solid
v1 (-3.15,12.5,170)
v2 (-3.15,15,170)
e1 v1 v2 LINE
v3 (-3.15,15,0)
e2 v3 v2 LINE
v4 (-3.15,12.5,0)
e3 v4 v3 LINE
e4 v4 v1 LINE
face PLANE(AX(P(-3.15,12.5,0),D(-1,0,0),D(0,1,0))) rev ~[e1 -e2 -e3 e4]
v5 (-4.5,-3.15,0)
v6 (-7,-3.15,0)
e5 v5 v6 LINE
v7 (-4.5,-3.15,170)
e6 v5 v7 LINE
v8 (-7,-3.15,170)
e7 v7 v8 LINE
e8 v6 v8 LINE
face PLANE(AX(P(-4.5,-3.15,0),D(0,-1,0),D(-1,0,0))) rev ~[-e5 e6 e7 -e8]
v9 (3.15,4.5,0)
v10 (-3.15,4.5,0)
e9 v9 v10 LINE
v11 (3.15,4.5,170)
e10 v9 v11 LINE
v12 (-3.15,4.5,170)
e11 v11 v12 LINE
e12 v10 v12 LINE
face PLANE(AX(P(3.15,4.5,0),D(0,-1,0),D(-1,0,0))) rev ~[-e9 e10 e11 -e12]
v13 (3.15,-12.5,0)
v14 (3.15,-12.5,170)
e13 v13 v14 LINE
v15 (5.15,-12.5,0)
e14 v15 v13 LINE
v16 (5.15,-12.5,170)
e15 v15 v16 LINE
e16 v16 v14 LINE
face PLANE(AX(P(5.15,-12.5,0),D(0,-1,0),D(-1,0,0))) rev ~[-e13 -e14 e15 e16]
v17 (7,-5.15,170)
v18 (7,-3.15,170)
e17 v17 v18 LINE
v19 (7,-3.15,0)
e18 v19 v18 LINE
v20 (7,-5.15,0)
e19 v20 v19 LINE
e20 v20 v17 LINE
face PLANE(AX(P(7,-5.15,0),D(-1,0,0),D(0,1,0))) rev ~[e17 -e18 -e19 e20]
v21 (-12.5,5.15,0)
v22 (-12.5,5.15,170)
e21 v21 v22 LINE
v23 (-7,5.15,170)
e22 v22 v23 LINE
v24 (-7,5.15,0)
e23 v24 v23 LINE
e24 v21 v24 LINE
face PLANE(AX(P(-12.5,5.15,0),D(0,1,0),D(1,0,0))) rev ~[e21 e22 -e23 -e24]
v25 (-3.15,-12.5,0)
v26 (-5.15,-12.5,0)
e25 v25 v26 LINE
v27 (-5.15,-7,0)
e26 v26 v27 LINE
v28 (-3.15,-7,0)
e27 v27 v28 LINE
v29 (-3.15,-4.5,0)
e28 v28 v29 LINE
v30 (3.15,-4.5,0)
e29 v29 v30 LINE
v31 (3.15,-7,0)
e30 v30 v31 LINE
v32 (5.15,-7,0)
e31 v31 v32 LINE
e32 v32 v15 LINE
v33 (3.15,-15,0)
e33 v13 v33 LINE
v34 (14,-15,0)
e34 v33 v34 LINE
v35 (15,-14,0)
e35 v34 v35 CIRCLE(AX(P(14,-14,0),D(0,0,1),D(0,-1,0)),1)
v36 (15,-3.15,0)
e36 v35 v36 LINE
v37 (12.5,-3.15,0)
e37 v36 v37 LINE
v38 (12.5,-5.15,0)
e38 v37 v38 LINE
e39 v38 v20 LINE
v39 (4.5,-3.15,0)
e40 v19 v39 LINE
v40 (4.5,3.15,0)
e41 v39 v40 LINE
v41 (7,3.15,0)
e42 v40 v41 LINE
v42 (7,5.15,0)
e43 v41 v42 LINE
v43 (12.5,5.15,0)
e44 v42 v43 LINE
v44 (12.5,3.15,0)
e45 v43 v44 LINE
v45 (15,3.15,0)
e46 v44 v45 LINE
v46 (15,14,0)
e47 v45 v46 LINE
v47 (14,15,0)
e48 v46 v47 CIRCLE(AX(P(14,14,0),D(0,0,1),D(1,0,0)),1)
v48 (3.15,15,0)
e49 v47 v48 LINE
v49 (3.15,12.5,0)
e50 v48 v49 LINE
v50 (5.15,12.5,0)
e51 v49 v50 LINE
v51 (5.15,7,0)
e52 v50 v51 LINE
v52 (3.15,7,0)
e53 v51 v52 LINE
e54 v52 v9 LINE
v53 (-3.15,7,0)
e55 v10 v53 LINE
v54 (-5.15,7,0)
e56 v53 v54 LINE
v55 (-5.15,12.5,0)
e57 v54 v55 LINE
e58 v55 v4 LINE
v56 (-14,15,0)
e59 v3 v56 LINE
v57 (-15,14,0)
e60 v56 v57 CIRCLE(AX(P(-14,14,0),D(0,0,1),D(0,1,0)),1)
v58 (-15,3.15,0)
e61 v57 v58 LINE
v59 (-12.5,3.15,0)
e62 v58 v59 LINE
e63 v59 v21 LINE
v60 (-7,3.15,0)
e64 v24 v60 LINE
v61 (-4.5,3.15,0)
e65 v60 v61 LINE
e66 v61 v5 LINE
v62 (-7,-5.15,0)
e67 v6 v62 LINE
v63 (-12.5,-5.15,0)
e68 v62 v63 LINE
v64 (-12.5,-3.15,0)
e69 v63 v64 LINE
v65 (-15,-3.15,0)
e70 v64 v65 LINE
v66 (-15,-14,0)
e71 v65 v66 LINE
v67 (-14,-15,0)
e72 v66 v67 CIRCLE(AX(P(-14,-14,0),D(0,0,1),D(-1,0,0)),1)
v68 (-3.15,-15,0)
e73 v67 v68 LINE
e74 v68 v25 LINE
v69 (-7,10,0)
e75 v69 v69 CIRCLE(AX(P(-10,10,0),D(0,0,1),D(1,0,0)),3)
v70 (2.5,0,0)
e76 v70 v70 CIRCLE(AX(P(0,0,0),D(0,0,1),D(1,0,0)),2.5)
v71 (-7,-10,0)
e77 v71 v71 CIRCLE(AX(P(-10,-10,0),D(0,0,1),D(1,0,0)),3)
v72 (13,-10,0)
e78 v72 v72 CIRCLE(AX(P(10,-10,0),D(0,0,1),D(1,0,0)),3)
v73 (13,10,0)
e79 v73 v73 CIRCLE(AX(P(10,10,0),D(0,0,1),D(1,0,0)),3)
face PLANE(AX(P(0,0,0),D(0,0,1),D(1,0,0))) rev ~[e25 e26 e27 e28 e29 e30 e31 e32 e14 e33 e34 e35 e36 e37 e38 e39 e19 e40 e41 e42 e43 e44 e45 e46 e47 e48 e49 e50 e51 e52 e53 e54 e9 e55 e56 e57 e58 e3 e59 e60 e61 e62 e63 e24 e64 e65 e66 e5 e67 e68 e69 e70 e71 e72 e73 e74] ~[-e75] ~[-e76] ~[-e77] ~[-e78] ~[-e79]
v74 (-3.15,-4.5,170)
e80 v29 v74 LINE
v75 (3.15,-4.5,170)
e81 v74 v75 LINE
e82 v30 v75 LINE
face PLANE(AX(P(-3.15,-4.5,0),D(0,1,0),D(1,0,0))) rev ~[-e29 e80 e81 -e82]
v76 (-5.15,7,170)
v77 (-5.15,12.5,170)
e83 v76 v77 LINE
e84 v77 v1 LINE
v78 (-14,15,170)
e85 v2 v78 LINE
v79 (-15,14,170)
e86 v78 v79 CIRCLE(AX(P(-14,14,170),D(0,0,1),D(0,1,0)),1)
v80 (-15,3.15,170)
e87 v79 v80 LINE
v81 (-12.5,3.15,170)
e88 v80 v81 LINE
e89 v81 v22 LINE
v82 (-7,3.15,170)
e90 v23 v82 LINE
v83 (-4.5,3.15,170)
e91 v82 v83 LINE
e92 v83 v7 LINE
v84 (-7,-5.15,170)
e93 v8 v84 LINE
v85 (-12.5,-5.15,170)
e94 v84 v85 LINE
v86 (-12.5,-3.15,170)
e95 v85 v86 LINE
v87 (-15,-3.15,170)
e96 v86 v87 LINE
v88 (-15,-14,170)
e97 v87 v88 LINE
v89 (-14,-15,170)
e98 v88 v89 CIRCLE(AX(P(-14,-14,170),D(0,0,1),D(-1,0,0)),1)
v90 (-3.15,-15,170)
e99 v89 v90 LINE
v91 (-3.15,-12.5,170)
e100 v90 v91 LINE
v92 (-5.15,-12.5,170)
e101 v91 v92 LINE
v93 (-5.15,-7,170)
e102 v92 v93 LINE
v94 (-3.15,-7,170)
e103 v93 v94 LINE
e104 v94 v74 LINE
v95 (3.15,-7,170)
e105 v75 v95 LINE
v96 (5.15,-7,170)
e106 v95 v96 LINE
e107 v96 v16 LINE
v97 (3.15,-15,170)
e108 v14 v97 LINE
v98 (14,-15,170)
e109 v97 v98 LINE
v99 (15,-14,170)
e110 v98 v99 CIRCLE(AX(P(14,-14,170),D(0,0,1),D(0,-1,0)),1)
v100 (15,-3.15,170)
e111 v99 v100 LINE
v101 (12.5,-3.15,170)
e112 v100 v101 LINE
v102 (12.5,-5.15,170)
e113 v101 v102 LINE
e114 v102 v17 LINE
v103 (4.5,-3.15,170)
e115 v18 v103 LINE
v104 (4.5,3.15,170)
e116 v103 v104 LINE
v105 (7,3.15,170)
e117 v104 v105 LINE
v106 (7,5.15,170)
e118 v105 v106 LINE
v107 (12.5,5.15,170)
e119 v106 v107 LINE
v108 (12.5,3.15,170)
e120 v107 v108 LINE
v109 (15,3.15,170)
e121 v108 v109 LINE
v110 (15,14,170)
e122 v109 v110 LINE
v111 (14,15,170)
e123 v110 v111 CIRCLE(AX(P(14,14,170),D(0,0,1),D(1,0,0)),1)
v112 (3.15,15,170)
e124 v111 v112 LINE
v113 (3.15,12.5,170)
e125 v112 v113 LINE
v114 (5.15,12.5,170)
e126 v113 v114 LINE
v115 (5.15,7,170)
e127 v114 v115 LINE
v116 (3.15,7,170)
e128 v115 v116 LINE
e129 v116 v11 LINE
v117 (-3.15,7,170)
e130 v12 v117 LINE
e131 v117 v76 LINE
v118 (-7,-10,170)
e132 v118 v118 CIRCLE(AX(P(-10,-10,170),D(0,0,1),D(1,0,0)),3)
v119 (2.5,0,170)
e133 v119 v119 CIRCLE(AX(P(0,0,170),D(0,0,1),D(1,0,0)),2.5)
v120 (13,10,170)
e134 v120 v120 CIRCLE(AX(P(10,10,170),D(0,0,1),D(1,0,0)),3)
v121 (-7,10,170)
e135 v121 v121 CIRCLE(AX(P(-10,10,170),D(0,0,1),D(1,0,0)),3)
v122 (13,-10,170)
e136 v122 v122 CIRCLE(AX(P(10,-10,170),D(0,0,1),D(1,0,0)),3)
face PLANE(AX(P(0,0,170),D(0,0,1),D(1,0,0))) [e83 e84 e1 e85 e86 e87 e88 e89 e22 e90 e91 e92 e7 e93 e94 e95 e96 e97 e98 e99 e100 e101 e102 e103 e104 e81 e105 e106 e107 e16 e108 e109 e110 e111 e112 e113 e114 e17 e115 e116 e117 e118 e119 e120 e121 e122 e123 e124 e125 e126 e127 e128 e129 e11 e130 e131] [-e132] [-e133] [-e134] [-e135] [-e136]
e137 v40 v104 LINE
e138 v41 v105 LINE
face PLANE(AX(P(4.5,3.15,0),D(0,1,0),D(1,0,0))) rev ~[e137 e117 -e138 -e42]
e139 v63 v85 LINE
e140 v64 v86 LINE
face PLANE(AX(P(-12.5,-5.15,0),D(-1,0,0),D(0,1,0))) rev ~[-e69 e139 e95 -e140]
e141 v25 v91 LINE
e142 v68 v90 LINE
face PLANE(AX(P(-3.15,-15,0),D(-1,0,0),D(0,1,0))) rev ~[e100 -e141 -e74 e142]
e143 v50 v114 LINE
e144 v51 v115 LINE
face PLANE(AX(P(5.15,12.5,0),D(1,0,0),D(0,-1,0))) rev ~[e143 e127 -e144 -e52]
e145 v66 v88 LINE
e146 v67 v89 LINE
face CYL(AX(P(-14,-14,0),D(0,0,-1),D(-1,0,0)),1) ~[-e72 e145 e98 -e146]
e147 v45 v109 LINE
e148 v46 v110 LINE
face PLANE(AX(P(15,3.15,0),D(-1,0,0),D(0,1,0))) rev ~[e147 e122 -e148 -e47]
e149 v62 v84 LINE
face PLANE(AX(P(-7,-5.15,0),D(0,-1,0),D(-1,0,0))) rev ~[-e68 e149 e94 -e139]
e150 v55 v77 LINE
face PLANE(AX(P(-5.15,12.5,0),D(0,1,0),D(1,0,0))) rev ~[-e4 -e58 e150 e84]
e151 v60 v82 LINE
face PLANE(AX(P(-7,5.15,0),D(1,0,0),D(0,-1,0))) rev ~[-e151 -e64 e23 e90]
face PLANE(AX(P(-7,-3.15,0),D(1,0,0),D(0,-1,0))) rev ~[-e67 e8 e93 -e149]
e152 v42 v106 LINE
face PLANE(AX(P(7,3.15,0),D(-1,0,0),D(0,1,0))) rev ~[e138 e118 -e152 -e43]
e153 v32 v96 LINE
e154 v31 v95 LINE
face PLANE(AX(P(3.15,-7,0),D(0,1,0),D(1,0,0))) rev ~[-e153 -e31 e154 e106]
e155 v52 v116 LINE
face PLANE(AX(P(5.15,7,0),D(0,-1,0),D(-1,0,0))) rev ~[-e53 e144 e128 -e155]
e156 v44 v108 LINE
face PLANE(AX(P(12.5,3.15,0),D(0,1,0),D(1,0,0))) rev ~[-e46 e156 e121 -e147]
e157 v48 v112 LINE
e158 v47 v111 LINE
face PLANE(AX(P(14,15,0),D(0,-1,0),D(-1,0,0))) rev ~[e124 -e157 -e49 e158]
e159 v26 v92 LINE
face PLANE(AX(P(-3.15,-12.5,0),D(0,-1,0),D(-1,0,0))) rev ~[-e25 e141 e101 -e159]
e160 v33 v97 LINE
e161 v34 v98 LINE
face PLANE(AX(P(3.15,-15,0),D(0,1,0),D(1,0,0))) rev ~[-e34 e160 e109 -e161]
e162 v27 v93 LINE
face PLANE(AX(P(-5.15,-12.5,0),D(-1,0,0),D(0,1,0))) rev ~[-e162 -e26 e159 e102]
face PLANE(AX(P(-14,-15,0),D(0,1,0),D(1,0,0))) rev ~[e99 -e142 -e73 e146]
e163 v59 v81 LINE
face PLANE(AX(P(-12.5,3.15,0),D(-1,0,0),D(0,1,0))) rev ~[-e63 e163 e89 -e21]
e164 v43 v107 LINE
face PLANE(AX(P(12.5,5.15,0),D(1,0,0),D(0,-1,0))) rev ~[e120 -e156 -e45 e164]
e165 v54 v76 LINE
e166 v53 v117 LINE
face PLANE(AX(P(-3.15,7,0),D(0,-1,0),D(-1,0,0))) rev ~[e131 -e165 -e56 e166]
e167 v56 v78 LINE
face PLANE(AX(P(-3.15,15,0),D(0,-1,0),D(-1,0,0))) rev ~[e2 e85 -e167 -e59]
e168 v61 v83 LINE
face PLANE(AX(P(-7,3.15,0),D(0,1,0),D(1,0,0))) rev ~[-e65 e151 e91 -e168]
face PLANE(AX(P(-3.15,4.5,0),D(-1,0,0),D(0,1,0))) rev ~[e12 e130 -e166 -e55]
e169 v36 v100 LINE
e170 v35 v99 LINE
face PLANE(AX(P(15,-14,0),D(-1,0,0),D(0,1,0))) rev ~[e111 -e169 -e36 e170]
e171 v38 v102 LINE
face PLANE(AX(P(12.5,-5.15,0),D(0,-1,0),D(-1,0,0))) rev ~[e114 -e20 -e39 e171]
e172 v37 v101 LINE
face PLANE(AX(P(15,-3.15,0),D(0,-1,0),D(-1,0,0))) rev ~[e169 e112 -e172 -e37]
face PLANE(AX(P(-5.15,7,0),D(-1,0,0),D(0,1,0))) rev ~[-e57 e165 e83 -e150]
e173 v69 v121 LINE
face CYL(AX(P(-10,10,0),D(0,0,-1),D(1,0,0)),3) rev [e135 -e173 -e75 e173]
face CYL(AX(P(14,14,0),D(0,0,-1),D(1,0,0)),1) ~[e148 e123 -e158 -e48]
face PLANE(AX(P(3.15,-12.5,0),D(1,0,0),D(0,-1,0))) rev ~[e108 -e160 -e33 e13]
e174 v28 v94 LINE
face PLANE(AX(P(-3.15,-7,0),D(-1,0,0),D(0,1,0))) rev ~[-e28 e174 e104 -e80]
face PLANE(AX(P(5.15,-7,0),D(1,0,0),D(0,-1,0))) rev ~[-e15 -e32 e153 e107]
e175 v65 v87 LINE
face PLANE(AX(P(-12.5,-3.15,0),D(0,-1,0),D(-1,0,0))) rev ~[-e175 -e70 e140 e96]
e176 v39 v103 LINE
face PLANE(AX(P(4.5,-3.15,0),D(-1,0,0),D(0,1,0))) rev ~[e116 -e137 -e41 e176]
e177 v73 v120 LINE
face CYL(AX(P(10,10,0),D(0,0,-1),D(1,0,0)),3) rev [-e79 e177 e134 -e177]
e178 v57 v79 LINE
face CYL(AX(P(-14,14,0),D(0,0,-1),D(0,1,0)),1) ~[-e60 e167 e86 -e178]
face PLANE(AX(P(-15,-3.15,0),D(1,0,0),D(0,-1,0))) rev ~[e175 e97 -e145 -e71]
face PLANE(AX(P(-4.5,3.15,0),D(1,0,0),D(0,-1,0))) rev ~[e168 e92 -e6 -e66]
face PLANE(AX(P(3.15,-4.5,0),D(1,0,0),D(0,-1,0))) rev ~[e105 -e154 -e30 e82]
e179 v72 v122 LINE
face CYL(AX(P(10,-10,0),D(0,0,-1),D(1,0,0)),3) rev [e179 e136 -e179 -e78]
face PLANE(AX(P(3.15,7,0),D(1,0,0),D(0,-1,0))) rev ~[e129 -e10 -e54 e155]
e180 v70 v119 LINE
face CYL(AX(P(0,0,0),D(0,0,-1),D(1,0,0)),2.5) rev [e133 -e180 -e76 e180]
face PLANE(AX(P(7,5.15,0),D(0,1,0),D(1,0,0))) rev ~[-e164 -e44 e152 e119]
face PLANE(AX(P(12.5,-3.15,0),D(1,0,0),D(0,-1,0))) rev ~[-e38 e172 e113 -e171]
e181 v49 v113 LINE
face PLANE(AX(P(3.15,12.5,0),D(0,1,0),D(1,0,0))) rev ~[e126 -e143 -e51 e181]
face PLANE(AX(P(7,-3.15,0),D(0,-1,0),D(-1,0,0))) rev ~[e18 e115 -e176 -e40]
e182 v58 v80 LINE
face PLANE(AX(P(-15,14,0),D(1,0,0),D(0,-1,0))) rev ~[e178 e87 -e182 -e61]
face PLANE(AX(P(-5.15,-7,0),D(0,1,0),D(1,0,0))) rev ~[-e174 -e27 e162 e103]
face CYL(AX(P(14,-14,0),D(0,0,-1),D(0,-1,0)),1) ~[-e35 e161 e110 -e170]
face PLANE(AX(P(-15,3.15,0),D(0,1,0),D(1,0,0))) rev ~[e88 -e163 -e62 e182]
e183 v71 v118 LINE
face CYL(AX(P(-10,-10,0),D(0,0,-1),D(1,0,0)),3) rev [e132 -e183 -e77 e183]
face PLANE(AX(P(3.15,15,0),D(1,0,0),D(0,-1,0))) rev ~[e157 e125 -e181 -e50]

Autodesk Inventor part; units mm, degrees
ref_plane "YZ Plane" through (0, 0, 0) normal (1, 0, 0) x (0, 1, 0)
ref_plane "XZ Plane" through (0, 0, 0) normal (0, 1, 0) x (-1, 0, 0)
ref_plane "XY Plane" through (0, 0, 0) normal (0, 0, 1) x (1, 0, 0)
feature "ソリッド1" [suppressed]
sketch "スケッチ2" plane through (0, 0, 0) normal (0, 0, 1) x (1, 0, 0)
  line L0 (-12.5, 5.15) -> (-7, 5.15) projected
  line L1 (-7, 5.15) -> (-7, 3.15) projected
  line L2 (-7, 3.15) -> (-4.5, 3.15) projected
  line L3 (-4.5, 3.15) -> (-4.5, -3.15) projected
  line L4 (-4.5, -3.15) -> (-7, -3.15) projected
  line L5 (-7, -3.15) -> (-7, -5.15) projected
  line L6 (-7, -5.15) -> (-12.5, -5.15) projected
  line L7 (-12.5, -5.15) -> (-12.5, -3.15) projected
  line L8 (-12.5, -3.15) -> (-15, -3.15) projected
  line L9 (-15, -3.15) -> (-15, -14) projected
  arc A0 (-15, -14) -> (-14, -15) centre (-14, -14) ccw projected
  line L10 (-14, -15) -> (-3.15, -15) projected
  line L11 (-3.15, -15) -> (-3.15, -12.5) projected
  line L12 (-3.15, -12.5) -> (-5.15, -12.5) projected
  line L13 (-5.15, -12.5) -> (-5.15, -7) projected
  line L14 (-5.15, -7) -> (-3.15, -7) projected
  line L15 (-3.15, -7) -> (-3.15, -4.5) projected
  line L16 (-3.15, -4.5) -> (3.15, -4.5) projected
  line L17 (3.15, -4.5) -> (3.15, -7) projected
  line L18 (3.15, -7) -> (5.15, -7) projected
  line L19 (5.15, -7) -> (5.15, -12.5) projected
  line L20 (5.15, -12.5) -> (3.15, -12.5) projected
  line L21 (3.15, -12.5) -> (3.15, -15) projected
  line L22 (3.15, -15) -> (14, -15) projected
  arc A1 (14, -15) -> (15, -14) centre (14, -14) ccw projected
  line L23 (15, -14) -> (15, -3.15) projected
  line L24 (15, -3.15) -> (12.5, -3.15) projected
  line L25 (12.5, -3.15) -> (12.5, -5.15) projected
  line L26 (12.5, -5.15) -> (7, -5.15) projected
  line L27 (7, -5.15) -> (7, -3.15) projected
  line L28 (7, -3.15) -> (4.5, -3.15) projected
  line L29 (4.5, -3.15) -> (4.5, 3.15) projected
  line L30 (4.5, 3.15) -> (7, 3.15) projected
  line L31 (7, 3.15) -> (7, 5.15) projected
  line L32 (7, 5.15) -> (12.5, 5.15) projected
  line L33 (12.5, 5.15) -> (12.5, 3.15) projected
  line L34 (12.5, 3.15) -> (15, 3.15) projected
  line L35 (15, 3.15) -> (15, 14) projected
  arc A2 (15, 14) -> (14, 15) centre (14, 14) ccw projected
  line L36 (14, 15) -> (3.15, 15) projected
  line L37 (3.15, 15) -> (3.15, 12.5) projected
  line L38 (3.15, 12.5) -> (5.15, 12.5) projected
  line L39 (5.15, 12.5) -> (5.15, 7) projected
  line L40 (5.15, 7) -> (3.15, 7) projected
  line L41 (3.15, 7) -> (3.15, 4.5) projected
  line L42 (3.15, 4.5) -> (-3.15, 4.5) projected
  line L43 (-3.15, 4.5) -> (-3.15, 7) projected
  line L44 (-3.15, 7) -> (-5.15, 7) projected
  line L45 (-5.15, 7) -> (-5.15, 12.5) projected
  line L46 (-5.15, 12.5) -> (-3.15, 12.5) projected
  line L47 (-3.15, 12.5) -> (-3.15, 15) projected
  line L48 (-3.15, 15) -> (-14, 15) projected
  arc A3 (-14, 15) -> (-15, 14) centre (-14, 14) ccw projected
  line L49 (-15, 14) -> (-15, 3.15) projected
  line L50 (-15, 3.15) -> (-12.5, 3.15) projected
  line L51 (-12.5, 3.15) -> (-12.5, 5.15) projected
  circle A4 centre (10, 10) radius 3 projected
  circle A5 centre (-10, 10) radius 3 projected
  circle A6 centre (-10, -10) radius 3 projected
  circle A7 centre (10, -10) radius 3 projected
  circle A8 centre (0, 0) radius 2.5 projected
extrude "押し出し1" add sketch "スケッチ2" along normal blind 170
equation "\"d1\" = L"
equation "\"L\" = 170"
properties part number "AFS-3030-200"
